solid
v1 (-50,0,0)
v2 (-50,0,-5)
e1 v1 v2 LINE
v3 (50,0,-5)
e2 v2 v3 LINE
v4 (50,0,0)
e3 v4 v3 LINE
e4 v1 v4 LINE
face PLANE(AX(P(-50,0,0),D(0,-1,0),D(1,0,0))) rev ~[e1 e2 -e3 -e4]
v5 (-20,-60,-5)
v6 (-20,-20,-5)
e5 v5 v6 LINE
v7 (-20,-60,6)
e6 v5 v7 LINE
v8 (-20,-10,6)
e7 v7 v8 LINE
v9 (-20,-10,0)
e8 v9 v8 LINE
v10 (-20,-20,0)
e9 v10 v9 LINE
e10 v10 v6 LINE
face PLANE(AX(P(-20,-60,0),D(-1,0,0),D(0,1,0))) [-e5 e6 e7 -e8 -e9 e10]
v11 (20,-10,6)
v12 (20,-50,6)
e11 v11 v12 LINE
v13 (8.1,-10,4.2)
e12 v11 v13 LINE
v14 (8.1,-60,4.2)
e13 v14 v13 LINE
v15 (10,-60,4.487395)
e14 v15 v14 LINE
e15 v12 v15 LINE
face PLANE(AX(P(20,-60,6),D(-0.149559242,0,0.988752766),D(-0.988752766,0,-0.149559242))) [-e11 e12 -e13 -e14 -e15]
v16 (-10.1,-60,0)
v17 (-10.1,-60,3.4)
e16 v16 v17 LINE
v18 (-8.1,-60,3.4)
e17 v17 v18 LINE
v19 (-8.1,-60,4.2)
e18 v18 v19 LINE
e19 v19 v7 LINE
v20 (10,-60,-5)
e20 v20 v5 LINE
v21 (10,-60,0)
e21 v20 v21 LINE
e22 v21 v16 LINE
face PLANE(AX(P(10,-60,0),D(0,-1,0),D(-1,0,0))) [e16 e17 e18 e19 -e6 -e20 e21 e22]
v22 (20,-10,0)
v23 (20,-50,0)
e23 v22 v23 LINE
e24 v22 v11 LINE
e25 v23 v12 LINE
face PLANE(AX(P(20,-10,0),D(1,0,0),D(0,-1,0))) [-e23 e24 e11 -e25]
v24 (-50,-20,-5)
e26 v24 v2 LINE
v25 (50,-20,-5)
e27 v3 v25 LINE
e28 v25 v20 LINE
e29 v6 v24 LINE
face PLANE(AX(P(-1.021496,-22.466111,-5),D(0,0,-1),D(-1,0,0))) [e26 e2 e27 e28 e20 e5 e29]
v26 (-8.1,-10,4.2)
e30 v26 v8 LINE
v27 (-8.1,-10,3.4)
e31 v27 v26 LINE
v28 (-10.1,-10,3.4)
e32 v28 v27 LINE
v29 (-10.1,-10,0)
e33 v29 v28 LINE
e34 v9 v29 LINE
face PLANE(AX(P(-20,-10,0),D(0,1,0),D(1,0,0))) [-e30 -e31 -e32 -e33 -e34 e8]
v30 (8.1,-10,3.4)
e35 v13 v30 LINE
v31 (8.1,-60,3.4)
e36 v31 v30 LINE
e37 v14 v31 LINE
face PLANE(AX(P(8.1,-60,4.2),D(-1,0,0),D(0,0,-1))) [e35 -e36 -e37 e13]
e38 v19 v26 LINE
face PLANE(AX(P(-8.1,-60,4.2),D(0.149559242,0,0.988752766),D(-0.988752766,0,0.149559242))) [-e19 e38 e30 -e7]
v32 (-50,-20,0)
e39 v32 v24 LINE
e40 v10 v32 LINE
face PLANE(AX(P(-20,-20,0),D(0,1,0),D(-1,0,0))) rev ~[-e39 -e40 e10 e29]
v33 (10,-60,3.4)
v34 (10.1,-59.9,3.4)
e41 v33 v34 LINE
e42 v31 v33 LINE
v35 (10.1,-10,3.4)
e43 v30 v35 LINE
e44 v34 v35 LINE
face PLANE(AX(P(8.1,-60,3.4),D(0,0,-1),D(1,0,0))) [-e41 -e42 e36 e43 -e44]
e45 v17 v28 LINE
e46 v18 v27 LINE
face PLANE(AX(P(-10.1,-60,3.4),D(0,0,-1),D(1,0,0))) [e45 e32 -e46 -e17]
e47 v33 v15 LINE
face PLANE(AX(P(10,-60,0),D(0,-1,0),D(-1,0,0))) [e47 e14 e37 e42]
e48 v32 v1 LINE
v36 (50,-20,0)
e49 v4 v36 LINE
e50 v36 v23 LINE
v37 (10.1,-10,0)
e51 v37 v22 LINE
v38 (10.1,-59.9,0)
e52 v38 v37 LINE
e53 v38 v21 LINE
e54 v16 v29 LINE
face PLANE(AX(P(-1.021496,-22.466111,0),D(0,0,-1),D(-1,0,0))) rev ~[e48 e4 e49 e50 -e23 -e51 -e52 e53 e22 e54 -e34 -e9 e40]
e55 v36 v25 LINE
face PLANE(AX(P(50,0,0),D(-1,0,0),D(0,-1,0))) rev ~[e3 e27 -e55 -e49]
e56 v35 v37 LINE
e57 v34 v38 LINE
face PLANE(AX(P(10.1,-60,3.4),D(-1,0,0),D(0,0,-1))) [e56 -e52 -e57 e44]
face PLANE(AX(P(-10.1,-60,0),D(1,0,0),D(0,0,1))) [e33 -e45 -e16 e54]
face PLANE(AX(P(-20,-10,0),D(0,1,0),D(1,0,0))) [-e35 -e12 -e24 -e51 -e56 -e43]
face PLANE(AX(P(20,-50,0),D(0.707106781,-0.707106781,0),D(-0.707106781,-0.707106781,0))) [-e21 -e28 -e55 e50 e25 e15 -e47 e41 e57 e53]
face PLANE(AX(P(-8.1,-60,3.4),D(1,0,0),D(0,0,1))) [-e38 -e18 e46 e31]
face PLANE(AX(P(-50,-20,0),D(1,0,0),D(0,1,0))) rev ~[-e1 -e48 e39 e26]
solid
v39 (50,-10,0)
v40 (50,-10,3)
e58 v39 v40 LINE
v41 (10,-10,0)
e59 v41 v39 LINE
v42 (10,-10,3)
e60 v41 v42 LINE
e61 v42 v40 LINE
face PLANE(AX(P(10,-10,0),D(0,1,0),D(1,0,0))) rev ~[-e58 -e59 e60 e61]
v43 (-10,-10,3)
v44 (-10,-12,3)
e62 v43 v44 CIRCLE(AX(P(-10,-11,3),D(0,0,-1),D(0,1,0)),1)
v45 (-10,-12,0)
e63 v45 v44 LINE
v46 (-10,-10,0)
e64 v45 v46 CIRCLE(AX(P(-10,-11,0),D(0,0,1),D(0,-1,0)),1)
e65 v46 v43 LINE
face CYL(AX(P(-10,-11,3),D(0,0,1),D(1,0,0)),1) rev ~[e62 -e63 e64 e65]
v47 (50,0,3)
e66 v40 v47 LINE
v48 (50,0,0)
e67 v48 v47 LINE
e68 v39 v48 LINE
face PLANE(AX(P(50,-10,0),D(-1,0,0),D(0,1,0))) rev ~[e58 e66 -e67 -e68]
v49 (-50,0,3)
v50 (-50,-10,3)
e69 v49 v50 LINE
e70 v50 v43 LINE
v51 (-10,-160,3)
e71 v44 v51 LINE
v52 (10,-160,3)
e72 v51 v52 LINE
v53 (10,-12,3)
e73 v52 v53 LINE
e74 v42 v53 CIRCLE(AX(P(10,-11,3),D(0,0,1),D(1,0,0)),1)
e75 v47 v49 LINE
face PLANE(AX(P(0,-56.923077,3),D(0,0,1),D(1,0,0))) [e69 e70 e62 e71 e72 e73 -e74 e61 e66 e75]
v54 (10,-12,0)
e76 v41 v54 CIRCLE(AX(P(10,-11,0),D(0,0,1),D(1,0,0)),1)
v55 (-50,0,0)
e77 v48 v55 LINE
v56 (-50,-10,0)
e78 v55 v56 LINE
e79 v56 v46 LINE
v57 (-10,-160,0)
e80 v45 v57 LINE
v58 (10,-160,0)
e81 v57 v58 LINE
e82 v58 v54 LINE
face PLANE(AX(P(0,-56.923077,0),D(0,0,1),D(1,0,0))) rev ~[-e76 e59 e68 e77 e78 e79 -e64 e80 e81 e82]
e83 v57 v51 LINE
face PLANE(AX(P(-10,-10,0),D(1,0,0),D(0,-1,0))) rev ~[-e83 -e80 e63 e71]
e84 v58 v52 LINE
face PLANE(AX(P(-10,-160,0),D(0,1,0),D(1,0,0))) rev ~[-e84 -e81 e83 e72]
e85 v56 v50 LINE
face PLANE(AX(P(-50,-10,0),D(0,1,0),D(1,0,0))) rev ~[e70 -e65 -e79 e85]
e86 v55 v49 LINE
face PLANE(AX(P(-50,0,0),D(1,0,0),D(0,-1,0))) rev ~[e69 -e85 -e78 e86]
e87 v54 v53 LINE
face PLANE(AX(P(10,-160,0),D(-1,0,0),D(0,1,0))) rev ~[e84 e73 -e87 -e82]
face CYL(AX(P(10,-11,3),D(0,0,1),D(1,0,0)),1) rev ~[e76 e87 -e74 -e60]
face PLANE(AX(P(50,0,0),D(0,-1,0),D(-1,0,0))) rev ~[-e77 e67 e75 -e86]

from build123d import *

# Parameters (mm, degrees)
PAD003_DEPTH    = 3
SKETCH009_R     = 1
POCKET001_DEPTH = 3
PAD004_DEPTH    = 5
PAD005_DEPTH    = 6
POCKET_DEPTH    = 50


with BuildPart() as teebody:
    # Sketch004 → Pad003 (new body)
    with BuildSketch(Plane.XY):
        Polygon((10, -160), (10, -10), (50, -10), (50, 0), (-50, 0), (-50, -10), (-10, -10), (-10, -160), align=None)
    extrude(amount=PAD003_DEPTH)

    # Sketch009 (on Face10 of Pad003) → Pocket001 (cut)
    with BuildSketch(Plane.XY.offset(3)):
        with Locations((-10, -11)):
            Circle(SKETCH009_R)
        with Locations((10, -11)):
            Circle(SKETCH009_R)
    extrude(amount=-POCKET001_DEPTH, mode=Mode.SUBTRACT)


with BuildPart() as basebody:
    # Sketch006 → Pad004 (new body)
    with BuildSketch(Plane.XY):
        Polygon((-50, 0), (50, 0), (50, -20), (10, -60), (-20, -60), (-20, -20), (-50, -20), align=None)
    extrude(amount=-PAD004_DEPTH)

    # Sketch008 → Pad005 (join)
    with BuildSketch(Plane.XY):
        Polygon((-20, -10), (20, -10), (20, -50), (10, -60), (-20, -60), align=None)
    extrude(amount=PAD005_DEPTH)

    # Sketch (on Face15 of Pad005) → Pocket (cut)
    with BuildSketch(Plane.XZ.offset(60)):
        Polygon((10.1, 3.4), (10.1, 0), (-10.1, 0), (-10.1, 3.4), (-8.1, 3.4), (-8.1, 4.2), (-20, 6), (-20, 8), (20, 8), (20, 6), (8.1, 4.2), (8.1, 3.4), align=None)
    extrude(amount=-POCKET_DEPTH, mode=Mode.SUBTRACT)


solid = Compound([teebody.part, basebody.part])
